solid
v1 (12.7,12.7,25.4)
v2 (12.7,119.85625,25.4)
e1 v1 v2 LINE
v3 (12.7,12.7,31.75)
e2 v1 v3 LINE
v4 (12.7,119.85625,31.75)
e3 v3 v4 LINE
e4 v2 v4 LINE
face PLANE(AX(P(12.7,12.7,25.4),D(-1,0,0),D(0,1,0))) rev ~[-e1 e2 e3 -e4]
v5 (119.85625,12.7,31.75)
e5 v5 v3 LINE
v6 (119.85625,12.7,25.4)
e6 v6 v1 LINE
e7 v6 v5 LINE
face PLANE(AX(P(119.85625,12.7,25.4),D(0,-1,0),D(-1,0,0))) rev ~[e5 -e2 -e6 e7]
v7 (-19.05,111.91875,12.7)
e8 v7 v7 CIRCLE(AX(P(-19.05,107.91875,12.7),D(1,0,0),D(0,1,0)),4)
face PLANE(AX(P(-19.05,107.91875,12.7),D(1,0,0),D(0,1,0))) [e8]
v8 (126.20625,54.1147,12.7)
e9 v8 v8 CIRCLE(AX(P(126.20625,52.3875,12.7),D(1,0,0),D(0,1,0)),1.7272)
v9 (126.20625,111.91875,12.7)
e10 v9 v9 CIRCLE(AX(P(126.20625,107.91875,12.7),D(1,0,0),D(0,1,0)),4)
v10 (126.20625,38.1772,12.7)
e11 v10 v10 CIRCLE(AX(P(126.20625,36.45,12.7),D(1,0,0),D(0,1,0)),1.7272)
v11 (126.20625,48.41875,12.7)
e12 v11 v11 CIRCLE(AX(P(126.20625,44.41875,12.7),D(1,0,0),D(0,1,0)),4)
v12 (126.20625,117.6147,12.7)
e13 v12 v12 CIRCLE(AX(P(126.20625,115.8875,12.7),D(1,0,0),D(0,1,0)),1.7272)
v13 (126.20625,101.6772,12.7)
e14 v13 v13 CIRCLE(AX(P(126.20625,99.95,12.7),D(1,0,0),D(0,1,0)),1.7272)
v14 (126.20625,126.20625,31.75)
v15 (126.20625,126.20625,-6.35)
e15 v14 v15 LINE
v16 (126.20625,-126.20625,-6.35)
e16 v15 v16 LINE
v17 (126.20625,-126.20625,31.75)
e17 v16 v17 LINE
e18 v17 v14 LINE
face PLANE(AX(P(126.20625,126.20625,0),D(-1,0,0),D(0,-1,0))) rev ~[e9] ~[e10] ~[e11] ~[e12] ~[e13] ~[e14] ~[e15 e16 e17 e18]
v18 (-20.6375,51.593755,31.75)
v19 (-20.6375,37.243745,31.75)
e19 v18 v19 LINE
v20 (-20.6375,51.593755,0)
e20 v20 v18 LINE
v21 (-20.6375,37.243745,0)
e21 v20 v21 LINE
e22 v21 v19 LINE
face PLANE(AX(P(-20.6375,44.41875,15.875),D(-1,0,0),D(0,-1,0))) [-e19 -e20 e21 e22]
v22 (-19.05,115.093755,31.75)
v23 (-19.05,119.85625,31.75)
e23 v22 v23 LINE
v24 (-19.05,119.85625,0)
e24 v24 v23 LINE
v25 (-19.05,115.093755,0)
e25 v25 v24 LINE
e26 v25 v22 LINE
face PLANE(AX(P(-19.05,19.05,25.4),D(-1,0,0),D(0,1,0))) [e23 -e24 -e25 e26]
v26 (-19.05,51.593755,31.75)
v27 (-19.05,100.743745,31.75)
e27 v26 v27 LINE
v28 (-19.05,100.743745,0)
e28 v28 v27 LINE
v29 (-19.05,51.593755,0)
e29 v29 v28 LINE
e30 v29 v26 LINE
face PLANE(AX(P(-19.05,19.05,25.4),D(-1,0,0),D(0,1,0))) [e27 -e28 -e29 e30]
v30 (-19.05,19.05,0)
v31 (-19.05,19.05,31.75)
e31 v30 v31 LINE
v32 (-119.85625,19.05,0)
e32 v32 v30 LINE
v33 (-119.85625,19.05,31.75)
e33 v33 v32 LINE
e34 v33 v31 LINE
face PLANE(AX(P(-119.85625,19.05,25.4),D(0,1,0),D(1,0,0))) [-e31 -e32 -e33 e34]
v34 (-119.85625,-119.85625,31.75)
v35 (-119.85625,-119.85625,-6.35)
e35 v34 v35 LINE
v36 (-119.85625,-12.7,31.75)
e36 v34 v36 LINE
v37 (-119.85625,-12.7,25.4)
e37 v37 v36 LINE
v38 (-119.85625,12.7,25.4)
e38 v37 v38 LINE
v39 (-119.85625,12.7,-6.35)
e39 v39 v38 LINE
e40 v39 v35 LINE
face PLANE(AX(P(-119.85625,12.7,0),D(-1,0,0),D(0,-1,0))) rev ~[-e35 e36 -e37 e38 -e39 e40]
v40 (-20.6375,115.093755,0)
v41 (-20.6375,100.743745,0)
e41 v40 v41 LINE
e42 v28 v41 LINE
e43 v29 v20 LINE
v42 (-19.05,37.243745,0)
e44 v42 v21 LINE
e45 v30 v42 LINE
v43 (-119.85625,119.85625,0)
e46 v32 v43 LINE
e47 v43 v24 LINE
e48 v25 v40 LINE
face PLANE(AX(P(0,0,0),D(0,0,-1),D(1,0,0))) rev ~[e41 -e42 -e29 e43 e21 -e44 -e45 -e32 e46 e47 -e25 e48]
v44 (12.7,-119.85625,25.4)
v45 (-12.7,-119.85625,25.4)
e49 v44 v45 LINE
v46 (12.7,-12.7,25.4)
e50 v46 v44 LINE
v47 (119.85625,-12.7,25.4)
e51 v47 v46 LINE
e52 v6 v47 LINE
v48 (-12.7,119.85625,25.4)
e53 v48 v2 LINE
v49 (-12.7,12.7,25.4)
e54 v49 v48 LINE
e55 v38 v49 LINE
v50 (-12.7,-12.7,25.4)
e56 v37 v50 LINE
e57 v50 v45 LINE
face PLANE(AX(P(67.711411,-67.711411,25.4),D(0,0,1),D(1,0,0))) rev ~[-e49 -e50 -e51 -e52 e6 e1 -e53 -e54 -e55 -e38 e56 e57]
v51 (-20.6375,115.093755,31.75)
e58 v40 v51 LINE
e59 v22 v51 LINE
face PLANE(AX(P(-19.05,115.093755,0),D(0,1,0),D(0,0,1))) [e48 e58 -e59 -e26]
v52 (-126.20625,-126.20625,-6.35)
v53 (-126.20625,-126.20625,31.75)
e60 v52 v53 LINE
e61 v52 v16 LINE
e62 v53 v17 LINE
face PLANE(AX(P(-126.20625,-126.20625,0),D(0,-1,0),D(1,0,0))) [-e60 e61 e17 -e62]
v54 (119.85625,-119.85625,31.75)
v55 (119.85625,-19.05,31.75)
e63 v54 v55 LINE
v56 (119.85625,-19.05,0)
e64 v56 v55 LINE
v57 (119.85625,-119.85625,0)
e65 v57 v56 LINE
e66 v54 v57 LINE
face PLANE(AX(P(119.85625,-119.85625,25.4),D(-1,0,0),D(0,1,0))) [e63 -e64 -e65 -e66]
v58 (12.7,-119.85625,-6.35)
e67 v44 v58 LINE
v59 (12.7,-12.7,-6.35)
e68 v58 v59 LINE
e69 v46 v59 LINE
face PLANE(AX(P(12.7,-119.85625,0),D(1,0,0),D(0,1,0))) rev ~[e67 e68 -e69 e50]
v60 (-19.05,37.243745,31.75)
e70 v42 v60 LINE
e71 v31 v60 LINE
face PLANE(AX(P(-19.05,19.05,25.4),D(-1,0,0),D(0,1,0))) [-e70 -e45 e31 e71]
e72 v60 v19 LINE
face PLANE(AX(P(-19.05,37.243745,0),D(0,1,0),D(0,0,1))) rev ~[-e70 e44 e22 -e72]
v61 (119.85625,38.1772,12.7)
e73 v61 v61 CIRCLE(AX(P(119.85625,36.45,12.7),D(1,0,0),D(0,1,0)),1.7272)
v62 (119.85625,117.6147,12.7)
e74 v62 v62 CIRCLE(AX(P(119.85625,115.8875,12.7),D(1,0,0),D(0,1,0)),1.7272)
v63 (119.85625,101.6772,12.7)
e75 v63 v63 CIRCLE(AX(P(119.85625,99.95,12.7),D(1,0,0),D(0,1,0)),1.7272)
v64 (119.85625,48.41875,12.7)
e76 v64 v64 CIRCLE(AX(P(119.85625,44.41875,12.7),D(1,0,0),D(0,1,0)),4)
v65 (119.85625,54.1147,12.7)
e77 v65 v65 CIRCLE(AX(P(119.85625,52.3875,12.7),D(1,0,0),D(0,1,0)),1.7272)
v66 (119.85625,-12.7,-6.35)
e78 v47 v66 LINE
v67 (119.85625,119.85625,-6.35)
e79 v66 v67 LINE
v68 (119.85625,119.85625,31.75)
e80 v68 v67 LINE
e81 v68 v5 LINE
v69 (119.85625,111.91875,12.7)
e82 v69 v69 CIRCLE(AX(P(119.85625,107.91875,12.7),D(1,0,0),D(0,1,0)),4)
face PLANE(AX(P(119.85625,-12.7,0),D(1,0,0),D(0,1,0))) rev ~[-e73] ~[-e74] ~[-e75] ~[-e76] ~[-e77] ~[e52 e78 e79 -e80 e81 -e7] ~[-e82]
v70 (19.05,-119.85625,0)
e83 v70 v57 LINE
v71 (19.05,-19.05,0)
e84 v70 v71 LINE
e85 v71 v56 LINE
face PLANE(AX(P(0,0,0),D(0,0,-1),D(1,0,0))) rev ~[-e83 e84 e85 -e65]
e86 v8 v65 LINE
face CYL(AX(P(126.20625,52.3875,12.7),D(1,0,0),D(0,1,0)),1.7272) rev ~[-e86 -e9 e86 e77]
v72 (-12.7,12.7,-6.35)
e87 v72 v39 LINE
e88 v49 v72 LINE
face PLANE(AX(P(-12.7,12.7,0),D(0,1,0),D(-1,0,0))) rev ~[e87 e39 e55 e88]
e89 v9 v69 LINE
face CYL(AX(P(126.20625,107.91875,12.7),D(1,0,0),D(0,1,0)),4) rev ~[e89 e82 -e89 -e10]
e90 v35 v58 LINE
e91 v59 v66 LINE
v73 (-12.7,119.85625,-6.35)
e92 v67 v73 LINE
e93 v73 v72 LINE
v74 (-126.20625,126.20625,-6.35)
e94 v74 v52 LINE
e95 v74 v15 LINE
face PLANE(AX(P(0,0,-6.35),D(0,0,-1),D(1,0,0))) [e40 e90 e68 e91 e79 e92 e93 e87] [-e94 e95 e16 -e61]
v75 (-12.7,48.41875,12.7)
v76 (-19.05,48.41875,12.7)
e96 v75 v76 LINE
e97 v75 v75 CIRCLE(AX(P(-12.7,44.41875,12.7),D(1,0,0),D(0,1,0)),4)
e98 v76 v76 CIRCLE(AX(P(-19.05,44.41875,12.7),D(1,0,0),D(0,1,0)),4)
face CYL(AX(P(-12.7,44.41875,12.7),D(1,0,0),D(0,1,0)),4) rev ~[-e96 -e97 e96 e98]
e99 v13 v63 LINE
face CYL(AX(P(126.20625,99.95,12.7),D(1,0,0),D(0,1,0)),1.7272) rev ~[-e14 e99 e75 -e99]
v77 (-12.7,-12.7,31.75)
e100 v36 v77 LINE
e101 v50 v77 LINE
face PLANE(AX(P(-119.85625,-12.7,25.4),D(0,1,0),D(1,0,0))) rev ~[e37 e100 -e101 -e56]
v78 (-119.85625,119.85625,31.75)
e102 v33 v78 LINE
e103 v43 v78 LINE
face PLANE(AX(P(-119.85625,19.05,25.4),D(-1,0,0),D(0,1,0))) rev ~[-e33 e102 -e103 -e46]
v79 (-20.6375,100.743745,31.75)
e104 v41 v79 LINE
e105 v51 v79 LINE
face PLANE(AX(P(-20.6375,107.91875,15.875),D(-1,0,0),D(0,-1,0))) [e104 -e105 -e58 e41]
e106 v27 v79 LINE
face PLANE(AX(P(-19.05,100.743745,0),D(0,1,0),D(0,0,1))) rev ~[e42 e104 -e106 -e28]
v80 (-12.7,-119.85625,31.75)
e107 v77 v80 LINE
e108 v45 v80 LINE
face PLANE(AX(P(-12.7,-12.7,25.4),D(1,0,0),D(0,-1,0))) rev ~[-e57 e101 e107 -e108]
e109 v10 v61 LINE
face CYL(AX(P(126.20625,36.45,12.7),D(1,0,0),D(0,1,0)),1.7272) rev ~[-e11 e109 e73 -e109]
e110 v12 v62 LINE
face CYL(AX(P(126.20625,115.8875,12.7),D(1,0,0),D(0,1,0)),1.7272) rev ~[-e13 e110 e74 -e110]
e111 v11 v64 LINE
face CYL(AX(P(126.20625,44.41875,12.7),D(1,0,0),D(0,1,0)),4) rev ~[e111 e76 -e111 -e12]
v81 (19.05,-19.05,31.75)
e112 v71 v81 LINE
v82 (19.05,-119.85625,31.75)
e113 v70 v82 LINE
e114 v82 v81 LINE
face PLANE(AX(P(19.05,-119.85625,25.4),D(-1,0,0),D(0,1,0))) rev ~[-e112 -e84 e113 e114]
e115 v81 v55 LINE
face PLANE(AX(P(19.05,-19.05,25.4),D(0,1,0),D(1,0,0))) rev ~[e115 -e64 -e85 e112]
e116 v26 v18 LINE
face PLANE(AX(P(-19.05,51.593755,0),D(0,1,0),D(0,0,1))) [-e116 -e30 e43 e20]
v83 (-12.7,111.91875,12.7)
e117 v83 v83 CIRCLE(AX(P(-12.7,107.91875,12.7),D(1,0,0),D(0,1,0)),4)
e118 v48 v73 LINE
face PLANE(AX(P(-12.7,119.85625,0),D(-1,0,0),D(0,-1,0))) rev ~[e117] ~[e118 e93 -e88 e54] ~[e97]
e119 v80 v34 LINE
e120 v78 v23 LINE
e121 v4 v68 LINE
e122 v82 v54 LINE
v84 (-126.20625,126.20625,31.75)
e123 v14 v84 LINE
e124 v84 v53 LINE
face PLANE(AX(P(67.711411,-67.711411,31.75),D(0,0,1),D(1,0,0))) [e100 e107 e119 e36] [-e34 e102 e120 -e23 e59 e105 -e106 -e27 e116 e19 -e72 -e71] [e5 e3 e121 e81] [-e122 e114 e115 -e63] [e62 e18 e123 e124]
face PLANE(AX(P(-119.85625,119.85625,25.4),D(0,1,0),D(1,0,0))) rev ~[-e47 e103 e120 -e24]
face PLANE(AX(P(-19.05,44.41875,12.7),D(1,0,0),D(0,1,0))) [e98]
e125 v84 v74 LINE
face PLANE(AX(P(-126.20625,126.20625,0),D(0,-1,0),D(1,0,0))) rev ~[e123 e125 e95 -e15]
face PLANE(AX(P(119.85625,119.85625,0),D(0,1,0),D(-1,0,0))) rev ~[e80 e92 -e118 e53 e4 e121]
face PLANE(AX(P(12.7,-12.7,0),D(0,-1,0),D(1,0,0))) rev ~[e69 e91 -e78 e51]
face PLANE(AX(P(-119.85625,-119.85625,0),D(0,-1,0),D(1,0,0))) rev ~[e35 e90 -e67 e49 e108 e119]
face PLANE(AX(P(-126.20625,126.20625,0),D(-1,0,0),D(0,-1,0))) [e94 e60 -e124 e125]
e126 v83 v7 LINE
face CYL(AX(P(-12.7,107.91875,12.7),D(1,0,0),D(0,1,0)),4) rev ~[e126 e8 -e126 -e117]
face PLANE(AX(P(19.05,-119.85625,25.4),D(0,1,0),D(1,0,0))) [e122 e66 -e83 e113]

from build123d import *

# Parameters (mm, degrees)
F0_W      = 252.4125
F0_H      = 252.4125
F0_W_2    = 100.80625
F0_H_2    = 100.80625
F1_DEPTH  = 25.4
F2_W      = 100.80625
F2_H      = 100.80625
F3_DEPTH  = 6.35
F4_R      = 4
F4_R_2    = 1.7272
F5_DEPTH  = 6.35
F6_W      = 14.3500094
F6_H      = 31.75
F7_DEPTH  = 1.5875
F8_R      = 4
F9_DEPTH  = 6.35
F10_W     = 252.4125
F10_H     = 252.4125
F10_W_2   = 100.80625
F10_H_2   = 100.80625
F10_W_3   = 1.5875
F10_H_3   = 14.3500094
F11_DEPTH = 6.35


with BuildPart() as f1:
    # F0 (on Top) → F1 (new body)
    with BuildSketch(Plane.XY):
        Rectangle(F0_W, F0_H)
        Polygon((12.7, -12.7), (12.7, -119.85625), (-119.85625, -119.85625), (-119.85625, 12.7), (-12.7, 12.7), (-12.7, 119.85625), (119.85625, 119.85625), (119.85625, -12.7), align=None, mode=Mode.SUBTRACT)
        with Locations((69.453125, -69.453125)):
            Rectangle(F0_W_2, F0_H_2, mode=Mode.SUBTRACT)
        with Locations((-69.453125, 69.453125)):
            Rectangle(F0_W_2, F0_H_2, mode=Mode.SUBTRACT)
    extrude(amount=F1_DEPTH)

    # F2 (on face) → F3 (join)
    with BuildSketch(Plane.XY.offset(25.4)):
        Polygon((126.20625, -126.20625), (126.20625, 12.7), (119.85625, 12.7), (119.85625, -12.7), (12.7, -12.7), (12.7, -119.85625), (-12.7, -119.85625), (-12.7, -126.20625), align=None)
        with Locations((69.453125, -69.453125)):
            Rectangle(F2_W, F2_H, mode=Mode.SUBTRACT)
        Polygon((12.7, 126.20625), (-126.20625, 126.20625), (-126.20625, -12.7), (-119.85625, -12.7), (-119.85625, 12.7), (-12.7, 12.7), (-12.7, 119.85625), (12.7, 119.85625), align=None)
        with Locations((-69.453125, 69.453125)):
            Rectangle(F2_W, F2_H, mode=Mode.SUBTRACT)
        Polygon((12.7, 12.7), (12.7, 119.85625), (-12.7, 119.85625), (-12.7, 12.7), (-119.85625, 12.7), (-119.85625, -12.7), (-12.7, -12.7), (-12.7, -119.85625), (12.7, -119.85625), (12.7, -12.7), (119.85625, -12.7), (119.85625, 12.7), align=None)
        Polygon((-119.85625, -12.7), (-126.20625, -12.7), (-126.20625, -126.20625), (-12.7, -126.20625), (-12.7, -119.85625), (-119.85625, -119.85625), align=None)
        Polygon((126.20625, 126.20625), (12.7, 126.20625), (12.7, 119.85625), (119.85625, 119.85625), (119.85625, 12.7), (126.20625, 12.7), align=None)
    extrude(amount=F3_DEPTH)

    # F4 (on face) → F5 (cut, through all)
    with BuildSketch(Plane.YZ.offset(126.20625)):
        with Locations((107.91875, 12.7)):
            Circle(F4_R)
        with Locations((115.8875, 12.7)):
            Circle(F4_R_2)
        with Locations((99.95, 12.7)):
            Circle(F4_R_2)
        with Locations((44.41875, 12.7)):
            Circle(F4_R)
        with Locations((52.3875, 12.7)):
            Circle(F4_R_2)
        with Locations((36.45, 12.7)):
            Circle(F4_R_2)
    extrude(amount=-F5_DEPTH, mode=Mode.SUBTRACT)

    # F6 (on face) → F7 (join)
    with BuildSketch(Plane(origin=(-19.05, 0, 0), x_dir=(0, -1, 0), z_dir=(-1, 0, 0))):
        with Locations((-44.41875, 15.875)):
            Rectangle(F6_W, F6_H)
        with Locations((-107.91875, 15.875)):
            Rectangle(F6_W, F6_H)
    extrude(amount=F7_DEPTH)

    # F8 (on face) → F9 (cut, through all)
    with BuildSketch(Plane.YZ.offset(-12.7)):
        with Locations((44.41875, 12.7)):
            Circle(F8_R)
        with Locations((107.91875, 12.7)):
            Circle(F8_R)
    extrude(amount=-F9_DEPTH, mode=Mode.SUBTRACT)

    # F10 (on face) → F11 (join)
    with BuildSketch(Plane(origin=(0, 0, 0), x_dir=(1, 0, 0), z_dir=(0, 0, -1))):
        Rectangle(F10_W, F10_H)
        Polygon((-119.85625, -19.05), (-19.05, -19.05), (-19.05, -37.2437453), (-19.05, -51.5937547), (-19.05, -100.7437453), (-19.05, -115.0937547), (-19.05, -119.85625), (-119.85625, -119.85625), align=None, mode=Mode.SUBTRACT)
        Polygon((-119.85625, 119.85625), (12.7, 119.85625), (12.7, 12.7), (119.85625, 12.7), (119.85625, -119.85625), (-12.7, -119.85625), (-12.7, -12.7), (-119.85625, -12.7), align=None, mode=Mode.SUBTRACT)
        with Locations((69.453125, 69.453125)):
            Rectangle(F10_W_2, F10_H_2, mode=Mode.SUBTRACT)
        with Locations((69.453125, 69.453125)):
            Rectangle(F10_W_2, F10_H_2)
        Polygon((-19.05, -37.2437453), (-19.05, -19.05), (-119.85625, -19.05), (-119.85625, -119.85625), (-19.05, -119.85625), (-19.05, -115.0937547), (-20.6375, -115.0937547), (-20.6375, -100.7437453), (-19.05, -100.7437453), (-19.05, -51.5937547), (-20.6375, -51.5937547), (-20.6375, -37.2437453), align=None)
        with Locations((-19.84375, -44.41875)):
            Rectangle(F10_W_3, F10_H_3)
        with Locations((-19.84375, -107.91875)):
            Rectangle(F10_W_3, F10_H_3)
    extrude(amount=F11_DEPTH)


solid = f1.part
